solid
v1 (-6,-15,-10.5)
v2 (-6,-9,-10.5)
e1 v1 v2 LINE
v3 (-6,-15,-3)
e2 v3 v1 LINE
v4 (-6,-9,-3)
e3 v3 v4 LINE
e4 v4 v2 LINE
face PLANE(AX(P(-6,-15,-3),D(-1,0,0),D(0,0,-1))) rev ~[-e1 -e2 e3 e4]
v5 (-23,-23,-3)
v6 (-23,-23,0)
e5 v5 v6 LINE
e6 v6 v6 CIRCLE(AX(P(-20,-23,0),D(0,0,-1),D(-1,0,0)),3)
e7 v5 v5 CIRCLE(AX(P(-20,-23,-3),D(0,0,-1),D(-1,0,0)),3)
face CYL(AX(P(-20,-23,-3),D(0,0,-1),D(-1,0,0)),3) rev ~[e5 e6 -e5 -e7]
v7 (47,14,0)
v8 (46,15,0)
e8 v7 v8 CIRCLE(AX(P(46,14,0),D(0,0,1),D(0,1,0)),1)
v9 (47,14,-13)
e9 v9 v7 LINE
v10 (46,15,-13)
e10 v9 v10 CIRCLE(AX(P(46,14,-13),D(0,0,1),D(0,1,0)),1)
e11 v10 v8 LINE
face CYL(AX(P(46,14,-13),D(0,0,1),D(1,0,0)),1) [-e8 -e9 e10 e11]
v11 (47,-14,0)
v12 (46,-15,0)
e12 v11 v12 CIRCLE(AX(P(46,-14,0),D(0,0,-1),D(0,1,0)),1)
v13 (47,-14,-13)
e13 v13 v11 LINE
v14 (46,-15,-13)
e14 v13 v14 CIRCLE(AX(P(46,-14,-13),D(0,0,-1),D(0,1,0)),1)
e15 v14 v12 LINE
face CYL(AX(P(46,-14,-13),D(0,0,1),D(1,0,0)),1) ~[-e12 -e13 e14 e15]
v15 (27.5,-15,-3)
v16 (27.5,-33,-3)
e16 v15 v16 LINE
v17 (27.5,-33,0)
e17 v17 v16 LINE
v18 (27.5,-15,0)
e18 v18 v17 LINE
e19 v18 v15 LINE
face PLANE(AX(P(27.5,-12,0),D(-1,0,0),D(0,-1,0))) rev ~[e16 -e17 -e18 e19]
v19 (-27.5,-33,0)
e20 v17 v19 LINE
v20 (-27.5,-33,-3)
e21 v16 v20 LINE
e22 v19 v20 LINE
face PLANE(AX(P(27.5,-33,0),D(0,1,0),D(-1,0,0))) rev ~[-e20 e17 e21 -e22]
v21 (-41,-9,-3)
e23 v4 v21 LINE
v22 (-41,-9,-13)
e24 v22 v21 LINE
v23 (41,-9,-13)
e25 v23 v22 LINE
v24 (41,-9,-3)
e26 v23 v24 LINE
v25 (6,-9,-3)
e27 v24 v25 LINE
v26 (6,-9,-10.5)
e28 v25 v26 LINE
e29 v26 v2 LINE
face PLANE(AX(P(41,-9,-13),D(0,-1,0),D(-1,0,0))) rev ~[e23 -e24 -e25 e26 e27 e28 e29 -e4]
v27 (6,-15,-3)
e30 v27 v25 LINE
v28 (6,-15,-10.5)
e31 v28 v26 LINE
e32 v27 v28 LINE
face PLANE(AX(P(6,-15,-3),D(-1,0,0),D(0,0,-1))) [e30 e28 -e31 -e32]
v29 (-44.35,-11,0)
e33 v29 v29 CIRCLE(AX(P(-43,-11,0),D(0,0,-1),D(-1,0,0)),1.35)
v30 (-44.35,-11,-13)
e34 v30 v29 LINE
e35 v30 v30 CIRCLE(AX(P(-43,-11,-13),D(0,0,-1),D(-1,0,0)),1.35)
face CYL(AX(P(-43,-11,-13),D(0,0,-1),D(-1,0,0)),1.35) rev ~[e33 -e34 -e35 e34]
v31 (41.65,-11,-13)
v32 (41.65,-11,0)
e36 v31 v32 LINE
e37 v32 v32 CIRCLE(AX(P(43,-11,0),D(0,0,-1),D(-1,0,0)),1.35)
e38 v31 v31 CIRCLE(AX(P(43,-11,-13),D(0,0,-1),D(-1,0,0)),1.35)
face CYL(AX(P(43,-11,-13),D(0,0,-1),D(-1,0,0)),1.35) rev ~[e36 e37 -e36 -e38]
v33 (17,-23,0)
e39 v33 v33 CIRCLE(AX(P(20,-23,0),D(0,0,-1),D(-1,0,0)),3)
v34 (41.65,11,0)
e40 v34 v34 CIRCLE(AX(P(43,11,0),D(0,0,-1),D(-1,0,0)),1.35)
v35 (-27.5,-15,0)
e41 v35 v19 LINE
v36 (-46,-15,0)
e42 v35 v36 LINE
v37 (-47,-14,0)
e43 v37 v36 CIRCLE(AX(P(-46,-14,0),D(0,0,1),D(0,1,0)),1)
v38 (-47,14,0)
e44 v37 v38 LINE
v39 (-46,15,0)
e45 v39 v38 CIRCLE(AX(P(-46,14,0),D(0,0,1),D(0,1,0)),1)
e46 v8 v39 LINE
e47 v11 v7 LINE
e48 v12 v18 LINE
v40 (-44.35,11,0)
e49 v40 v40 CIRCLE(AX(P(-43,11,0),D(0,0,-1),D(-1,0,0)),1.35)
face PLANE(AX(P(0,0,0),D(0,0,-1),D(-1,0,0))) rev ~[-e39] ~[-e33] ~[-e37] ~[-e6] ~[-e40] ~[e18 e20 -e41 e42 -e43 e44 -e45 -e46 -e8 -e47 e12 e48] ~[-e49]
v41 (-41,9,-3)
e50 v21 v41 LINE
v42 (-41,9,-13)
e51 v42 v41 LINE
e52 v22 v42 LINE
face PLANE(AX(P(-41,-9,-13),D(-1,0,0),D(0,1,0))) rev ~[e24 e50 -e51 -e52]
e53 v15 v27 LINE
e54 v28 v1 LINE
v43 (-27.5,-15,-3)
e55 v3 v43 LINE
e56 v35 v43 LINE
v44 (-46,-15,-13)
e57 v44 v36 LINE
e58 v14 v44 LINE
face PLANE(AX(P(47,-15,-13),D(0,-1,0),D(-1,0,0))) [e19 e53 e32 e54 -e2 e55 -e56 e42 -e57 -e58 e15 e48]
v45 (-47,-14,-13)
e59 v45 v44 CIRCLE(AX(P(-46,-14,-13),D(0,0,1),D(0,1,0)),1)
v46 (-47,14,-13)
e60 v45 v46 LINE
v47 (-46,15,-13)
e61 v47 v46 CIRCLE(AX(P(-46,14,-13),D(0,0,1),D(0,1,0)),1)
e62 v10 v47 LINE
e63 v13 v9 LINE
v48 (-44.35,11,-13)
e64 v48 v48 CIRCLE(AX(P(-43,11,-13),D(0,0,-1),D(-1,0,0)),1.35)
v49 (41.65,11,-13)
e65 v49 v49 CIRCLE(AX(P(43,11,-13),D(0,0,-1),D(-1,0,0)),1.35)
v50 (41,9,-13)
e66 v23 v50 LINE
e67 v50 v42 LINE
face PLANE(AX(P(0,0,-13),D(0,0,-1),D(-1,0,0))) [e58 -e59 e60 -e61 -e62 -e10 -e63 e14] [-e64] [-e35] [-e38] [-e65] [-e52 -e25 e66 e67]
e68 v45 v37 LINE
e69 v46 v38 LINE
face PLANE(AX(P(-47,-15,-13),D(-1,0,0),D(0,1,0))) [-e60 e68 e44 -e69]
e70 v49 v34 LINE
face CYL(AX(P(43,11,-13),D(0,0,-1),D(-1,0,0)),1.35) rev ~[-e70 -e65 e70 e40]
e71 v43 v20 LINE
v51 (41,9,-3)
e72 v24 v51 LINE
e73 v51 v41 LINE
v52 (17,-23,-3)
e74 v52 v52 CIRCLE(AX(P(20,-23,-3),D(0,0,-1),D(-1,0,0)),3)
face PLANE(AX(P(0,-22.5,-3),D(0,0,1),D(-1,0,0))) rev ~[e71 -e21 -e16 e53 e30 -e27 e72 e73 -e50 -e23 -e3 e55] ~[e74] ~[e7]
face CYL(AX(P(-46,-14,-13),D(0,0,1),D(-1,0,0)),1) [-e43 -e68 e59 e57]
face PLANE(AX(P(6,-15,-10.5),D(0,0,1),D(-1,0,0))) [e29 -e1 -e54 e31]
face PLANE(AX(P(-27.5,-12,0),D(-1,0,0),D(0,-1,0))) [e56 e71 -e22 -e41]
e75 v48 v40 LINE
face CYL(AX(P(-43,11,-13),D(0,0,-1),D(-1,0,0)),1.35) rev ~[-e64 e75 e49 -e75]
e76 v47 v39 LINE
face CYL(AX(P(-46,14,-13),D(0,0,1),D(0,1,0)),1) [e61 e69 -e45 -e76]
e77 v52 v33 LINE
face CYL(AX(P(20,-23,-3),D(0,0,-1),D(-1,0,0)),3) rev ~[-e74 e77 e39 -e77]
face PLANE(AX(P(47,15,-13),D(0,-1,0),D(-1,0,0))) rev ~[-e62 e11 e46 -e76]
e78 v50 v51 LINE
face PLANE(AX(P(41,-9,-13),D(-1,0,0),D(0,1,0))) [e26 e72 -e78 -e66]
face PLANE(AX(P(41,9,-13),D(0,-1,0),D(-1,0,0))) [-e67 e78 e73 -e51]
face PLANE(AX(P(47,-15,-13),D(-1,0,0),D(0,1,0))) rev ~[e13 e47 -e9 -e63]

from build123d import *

# Parameters (mm, degrees)
SKETCH001_W          = 94
SKETCH001_H          = 30
PAD_DEPTH            = 13
SKETCH002_R          = 1.35
HOLE_DEPTH           = 25
SKETCH_W             = 82
SKETCH_H             = 18
POCKET_DEPTH         = 10
SKETCH003_W          = 55
SKETCH003_H          = 21
PAD001_DEPTH         = 3
FILLET_R             = 1
SKETCH004_R          = 3
HOLE001_DEPTH        = 25
SKETCH010_W          = 12
SKETCH010_H          = 7.5
POCKET001_DEPTH      = 6
BODY_PLACEMENT_ANGLE = 180


with BuildPart() as part:
    # Sketch001 → Pad (new body)
    with BuildSketch(Plane.XY):
        Rectangle(SKETCH001_W, SKETCH001_H)
    extrude(amount=-PAD_DEPTH)

    # Sketch002 (on Face5 of Pad) → Hole (cut)
    with BuildSketch(Plane.XY):
        with Locations((-43, 11)):
            Circle(SKETCH002_R)
        with Locations((-43, -11)):
            Circle(SKETCH002_R)
        with Locations((43, 11)):
            Circle(SKETCH002_R)
        with Locations((43, -11)):
            Circle(SKETCH002_R)
    extrude(amount=-HOLE_DEPTH, mode=Mode.SUBTRACT)

    # Sketch → Pocket (cut)
    with BuildSketch(Plane.XY):
        Rectangle(SKETCH_W, SKETCH_H)
    extrude(amount=-POCKET_DEPTH, mode=Mode.SUBTRACT)

    # Sketch003 (on Face5 of Pocket) → Pad001 (join)
    with BuildSketch(Plane(origin=(0, 0, -13), x_dir=(1, 0, 0), z_dir=(0, 0, -1))):
        with Locations((0, 22.5)):
            Rectangle(SKETCH003_W, SKETCH003_H)
    extrude(amount=-PAD001_DEPTH)

    # Fillet
    fillet_edges = [part.edges().sort_by_distance(p)[0] for p in [
        (47, -15, -6.5),
        (47, 15, -6.5),
        (-47, 15, -6.5),
        (-47, -15, -6.5),
    ]]
    fillet(fillet_edges, radius=FILLET_R)

    # Sketch004 (on Face22 of Fillet) → Hole001 (cut)
    with BuildSketch(Plane.XY.offset(-10)):
        with Locations((20, -23)):
            Circle(SKETCH004_R)
        with Locations((-20, -23)):
            Circle(SKETCH004_R)
    extrude(amount=-HOLE001_DEPTH, mode=Mode.SUBTRACT)

    # Sketch010 (on Face7 of Hole001) → Pocket001 (cut)
    with BuildSketch(Plane.XZ.offset(15)):
        with Locations((0, -6.25)):
            Rectangle(SKETCH010_W, SKETCH010_H)
    extrude(amount=-POCKET001_DEPTH, mode=Mode.SUBTRACT)


with BuildPart() as part_1:
    # Body placement: moved
    add(part.part.moved(Location((0, 0, -13))).rotate(Axis((0, 0, -13), (0, 1, 0)), BODY_PLACEMENT_ANGLE))


solid = part_1.part
